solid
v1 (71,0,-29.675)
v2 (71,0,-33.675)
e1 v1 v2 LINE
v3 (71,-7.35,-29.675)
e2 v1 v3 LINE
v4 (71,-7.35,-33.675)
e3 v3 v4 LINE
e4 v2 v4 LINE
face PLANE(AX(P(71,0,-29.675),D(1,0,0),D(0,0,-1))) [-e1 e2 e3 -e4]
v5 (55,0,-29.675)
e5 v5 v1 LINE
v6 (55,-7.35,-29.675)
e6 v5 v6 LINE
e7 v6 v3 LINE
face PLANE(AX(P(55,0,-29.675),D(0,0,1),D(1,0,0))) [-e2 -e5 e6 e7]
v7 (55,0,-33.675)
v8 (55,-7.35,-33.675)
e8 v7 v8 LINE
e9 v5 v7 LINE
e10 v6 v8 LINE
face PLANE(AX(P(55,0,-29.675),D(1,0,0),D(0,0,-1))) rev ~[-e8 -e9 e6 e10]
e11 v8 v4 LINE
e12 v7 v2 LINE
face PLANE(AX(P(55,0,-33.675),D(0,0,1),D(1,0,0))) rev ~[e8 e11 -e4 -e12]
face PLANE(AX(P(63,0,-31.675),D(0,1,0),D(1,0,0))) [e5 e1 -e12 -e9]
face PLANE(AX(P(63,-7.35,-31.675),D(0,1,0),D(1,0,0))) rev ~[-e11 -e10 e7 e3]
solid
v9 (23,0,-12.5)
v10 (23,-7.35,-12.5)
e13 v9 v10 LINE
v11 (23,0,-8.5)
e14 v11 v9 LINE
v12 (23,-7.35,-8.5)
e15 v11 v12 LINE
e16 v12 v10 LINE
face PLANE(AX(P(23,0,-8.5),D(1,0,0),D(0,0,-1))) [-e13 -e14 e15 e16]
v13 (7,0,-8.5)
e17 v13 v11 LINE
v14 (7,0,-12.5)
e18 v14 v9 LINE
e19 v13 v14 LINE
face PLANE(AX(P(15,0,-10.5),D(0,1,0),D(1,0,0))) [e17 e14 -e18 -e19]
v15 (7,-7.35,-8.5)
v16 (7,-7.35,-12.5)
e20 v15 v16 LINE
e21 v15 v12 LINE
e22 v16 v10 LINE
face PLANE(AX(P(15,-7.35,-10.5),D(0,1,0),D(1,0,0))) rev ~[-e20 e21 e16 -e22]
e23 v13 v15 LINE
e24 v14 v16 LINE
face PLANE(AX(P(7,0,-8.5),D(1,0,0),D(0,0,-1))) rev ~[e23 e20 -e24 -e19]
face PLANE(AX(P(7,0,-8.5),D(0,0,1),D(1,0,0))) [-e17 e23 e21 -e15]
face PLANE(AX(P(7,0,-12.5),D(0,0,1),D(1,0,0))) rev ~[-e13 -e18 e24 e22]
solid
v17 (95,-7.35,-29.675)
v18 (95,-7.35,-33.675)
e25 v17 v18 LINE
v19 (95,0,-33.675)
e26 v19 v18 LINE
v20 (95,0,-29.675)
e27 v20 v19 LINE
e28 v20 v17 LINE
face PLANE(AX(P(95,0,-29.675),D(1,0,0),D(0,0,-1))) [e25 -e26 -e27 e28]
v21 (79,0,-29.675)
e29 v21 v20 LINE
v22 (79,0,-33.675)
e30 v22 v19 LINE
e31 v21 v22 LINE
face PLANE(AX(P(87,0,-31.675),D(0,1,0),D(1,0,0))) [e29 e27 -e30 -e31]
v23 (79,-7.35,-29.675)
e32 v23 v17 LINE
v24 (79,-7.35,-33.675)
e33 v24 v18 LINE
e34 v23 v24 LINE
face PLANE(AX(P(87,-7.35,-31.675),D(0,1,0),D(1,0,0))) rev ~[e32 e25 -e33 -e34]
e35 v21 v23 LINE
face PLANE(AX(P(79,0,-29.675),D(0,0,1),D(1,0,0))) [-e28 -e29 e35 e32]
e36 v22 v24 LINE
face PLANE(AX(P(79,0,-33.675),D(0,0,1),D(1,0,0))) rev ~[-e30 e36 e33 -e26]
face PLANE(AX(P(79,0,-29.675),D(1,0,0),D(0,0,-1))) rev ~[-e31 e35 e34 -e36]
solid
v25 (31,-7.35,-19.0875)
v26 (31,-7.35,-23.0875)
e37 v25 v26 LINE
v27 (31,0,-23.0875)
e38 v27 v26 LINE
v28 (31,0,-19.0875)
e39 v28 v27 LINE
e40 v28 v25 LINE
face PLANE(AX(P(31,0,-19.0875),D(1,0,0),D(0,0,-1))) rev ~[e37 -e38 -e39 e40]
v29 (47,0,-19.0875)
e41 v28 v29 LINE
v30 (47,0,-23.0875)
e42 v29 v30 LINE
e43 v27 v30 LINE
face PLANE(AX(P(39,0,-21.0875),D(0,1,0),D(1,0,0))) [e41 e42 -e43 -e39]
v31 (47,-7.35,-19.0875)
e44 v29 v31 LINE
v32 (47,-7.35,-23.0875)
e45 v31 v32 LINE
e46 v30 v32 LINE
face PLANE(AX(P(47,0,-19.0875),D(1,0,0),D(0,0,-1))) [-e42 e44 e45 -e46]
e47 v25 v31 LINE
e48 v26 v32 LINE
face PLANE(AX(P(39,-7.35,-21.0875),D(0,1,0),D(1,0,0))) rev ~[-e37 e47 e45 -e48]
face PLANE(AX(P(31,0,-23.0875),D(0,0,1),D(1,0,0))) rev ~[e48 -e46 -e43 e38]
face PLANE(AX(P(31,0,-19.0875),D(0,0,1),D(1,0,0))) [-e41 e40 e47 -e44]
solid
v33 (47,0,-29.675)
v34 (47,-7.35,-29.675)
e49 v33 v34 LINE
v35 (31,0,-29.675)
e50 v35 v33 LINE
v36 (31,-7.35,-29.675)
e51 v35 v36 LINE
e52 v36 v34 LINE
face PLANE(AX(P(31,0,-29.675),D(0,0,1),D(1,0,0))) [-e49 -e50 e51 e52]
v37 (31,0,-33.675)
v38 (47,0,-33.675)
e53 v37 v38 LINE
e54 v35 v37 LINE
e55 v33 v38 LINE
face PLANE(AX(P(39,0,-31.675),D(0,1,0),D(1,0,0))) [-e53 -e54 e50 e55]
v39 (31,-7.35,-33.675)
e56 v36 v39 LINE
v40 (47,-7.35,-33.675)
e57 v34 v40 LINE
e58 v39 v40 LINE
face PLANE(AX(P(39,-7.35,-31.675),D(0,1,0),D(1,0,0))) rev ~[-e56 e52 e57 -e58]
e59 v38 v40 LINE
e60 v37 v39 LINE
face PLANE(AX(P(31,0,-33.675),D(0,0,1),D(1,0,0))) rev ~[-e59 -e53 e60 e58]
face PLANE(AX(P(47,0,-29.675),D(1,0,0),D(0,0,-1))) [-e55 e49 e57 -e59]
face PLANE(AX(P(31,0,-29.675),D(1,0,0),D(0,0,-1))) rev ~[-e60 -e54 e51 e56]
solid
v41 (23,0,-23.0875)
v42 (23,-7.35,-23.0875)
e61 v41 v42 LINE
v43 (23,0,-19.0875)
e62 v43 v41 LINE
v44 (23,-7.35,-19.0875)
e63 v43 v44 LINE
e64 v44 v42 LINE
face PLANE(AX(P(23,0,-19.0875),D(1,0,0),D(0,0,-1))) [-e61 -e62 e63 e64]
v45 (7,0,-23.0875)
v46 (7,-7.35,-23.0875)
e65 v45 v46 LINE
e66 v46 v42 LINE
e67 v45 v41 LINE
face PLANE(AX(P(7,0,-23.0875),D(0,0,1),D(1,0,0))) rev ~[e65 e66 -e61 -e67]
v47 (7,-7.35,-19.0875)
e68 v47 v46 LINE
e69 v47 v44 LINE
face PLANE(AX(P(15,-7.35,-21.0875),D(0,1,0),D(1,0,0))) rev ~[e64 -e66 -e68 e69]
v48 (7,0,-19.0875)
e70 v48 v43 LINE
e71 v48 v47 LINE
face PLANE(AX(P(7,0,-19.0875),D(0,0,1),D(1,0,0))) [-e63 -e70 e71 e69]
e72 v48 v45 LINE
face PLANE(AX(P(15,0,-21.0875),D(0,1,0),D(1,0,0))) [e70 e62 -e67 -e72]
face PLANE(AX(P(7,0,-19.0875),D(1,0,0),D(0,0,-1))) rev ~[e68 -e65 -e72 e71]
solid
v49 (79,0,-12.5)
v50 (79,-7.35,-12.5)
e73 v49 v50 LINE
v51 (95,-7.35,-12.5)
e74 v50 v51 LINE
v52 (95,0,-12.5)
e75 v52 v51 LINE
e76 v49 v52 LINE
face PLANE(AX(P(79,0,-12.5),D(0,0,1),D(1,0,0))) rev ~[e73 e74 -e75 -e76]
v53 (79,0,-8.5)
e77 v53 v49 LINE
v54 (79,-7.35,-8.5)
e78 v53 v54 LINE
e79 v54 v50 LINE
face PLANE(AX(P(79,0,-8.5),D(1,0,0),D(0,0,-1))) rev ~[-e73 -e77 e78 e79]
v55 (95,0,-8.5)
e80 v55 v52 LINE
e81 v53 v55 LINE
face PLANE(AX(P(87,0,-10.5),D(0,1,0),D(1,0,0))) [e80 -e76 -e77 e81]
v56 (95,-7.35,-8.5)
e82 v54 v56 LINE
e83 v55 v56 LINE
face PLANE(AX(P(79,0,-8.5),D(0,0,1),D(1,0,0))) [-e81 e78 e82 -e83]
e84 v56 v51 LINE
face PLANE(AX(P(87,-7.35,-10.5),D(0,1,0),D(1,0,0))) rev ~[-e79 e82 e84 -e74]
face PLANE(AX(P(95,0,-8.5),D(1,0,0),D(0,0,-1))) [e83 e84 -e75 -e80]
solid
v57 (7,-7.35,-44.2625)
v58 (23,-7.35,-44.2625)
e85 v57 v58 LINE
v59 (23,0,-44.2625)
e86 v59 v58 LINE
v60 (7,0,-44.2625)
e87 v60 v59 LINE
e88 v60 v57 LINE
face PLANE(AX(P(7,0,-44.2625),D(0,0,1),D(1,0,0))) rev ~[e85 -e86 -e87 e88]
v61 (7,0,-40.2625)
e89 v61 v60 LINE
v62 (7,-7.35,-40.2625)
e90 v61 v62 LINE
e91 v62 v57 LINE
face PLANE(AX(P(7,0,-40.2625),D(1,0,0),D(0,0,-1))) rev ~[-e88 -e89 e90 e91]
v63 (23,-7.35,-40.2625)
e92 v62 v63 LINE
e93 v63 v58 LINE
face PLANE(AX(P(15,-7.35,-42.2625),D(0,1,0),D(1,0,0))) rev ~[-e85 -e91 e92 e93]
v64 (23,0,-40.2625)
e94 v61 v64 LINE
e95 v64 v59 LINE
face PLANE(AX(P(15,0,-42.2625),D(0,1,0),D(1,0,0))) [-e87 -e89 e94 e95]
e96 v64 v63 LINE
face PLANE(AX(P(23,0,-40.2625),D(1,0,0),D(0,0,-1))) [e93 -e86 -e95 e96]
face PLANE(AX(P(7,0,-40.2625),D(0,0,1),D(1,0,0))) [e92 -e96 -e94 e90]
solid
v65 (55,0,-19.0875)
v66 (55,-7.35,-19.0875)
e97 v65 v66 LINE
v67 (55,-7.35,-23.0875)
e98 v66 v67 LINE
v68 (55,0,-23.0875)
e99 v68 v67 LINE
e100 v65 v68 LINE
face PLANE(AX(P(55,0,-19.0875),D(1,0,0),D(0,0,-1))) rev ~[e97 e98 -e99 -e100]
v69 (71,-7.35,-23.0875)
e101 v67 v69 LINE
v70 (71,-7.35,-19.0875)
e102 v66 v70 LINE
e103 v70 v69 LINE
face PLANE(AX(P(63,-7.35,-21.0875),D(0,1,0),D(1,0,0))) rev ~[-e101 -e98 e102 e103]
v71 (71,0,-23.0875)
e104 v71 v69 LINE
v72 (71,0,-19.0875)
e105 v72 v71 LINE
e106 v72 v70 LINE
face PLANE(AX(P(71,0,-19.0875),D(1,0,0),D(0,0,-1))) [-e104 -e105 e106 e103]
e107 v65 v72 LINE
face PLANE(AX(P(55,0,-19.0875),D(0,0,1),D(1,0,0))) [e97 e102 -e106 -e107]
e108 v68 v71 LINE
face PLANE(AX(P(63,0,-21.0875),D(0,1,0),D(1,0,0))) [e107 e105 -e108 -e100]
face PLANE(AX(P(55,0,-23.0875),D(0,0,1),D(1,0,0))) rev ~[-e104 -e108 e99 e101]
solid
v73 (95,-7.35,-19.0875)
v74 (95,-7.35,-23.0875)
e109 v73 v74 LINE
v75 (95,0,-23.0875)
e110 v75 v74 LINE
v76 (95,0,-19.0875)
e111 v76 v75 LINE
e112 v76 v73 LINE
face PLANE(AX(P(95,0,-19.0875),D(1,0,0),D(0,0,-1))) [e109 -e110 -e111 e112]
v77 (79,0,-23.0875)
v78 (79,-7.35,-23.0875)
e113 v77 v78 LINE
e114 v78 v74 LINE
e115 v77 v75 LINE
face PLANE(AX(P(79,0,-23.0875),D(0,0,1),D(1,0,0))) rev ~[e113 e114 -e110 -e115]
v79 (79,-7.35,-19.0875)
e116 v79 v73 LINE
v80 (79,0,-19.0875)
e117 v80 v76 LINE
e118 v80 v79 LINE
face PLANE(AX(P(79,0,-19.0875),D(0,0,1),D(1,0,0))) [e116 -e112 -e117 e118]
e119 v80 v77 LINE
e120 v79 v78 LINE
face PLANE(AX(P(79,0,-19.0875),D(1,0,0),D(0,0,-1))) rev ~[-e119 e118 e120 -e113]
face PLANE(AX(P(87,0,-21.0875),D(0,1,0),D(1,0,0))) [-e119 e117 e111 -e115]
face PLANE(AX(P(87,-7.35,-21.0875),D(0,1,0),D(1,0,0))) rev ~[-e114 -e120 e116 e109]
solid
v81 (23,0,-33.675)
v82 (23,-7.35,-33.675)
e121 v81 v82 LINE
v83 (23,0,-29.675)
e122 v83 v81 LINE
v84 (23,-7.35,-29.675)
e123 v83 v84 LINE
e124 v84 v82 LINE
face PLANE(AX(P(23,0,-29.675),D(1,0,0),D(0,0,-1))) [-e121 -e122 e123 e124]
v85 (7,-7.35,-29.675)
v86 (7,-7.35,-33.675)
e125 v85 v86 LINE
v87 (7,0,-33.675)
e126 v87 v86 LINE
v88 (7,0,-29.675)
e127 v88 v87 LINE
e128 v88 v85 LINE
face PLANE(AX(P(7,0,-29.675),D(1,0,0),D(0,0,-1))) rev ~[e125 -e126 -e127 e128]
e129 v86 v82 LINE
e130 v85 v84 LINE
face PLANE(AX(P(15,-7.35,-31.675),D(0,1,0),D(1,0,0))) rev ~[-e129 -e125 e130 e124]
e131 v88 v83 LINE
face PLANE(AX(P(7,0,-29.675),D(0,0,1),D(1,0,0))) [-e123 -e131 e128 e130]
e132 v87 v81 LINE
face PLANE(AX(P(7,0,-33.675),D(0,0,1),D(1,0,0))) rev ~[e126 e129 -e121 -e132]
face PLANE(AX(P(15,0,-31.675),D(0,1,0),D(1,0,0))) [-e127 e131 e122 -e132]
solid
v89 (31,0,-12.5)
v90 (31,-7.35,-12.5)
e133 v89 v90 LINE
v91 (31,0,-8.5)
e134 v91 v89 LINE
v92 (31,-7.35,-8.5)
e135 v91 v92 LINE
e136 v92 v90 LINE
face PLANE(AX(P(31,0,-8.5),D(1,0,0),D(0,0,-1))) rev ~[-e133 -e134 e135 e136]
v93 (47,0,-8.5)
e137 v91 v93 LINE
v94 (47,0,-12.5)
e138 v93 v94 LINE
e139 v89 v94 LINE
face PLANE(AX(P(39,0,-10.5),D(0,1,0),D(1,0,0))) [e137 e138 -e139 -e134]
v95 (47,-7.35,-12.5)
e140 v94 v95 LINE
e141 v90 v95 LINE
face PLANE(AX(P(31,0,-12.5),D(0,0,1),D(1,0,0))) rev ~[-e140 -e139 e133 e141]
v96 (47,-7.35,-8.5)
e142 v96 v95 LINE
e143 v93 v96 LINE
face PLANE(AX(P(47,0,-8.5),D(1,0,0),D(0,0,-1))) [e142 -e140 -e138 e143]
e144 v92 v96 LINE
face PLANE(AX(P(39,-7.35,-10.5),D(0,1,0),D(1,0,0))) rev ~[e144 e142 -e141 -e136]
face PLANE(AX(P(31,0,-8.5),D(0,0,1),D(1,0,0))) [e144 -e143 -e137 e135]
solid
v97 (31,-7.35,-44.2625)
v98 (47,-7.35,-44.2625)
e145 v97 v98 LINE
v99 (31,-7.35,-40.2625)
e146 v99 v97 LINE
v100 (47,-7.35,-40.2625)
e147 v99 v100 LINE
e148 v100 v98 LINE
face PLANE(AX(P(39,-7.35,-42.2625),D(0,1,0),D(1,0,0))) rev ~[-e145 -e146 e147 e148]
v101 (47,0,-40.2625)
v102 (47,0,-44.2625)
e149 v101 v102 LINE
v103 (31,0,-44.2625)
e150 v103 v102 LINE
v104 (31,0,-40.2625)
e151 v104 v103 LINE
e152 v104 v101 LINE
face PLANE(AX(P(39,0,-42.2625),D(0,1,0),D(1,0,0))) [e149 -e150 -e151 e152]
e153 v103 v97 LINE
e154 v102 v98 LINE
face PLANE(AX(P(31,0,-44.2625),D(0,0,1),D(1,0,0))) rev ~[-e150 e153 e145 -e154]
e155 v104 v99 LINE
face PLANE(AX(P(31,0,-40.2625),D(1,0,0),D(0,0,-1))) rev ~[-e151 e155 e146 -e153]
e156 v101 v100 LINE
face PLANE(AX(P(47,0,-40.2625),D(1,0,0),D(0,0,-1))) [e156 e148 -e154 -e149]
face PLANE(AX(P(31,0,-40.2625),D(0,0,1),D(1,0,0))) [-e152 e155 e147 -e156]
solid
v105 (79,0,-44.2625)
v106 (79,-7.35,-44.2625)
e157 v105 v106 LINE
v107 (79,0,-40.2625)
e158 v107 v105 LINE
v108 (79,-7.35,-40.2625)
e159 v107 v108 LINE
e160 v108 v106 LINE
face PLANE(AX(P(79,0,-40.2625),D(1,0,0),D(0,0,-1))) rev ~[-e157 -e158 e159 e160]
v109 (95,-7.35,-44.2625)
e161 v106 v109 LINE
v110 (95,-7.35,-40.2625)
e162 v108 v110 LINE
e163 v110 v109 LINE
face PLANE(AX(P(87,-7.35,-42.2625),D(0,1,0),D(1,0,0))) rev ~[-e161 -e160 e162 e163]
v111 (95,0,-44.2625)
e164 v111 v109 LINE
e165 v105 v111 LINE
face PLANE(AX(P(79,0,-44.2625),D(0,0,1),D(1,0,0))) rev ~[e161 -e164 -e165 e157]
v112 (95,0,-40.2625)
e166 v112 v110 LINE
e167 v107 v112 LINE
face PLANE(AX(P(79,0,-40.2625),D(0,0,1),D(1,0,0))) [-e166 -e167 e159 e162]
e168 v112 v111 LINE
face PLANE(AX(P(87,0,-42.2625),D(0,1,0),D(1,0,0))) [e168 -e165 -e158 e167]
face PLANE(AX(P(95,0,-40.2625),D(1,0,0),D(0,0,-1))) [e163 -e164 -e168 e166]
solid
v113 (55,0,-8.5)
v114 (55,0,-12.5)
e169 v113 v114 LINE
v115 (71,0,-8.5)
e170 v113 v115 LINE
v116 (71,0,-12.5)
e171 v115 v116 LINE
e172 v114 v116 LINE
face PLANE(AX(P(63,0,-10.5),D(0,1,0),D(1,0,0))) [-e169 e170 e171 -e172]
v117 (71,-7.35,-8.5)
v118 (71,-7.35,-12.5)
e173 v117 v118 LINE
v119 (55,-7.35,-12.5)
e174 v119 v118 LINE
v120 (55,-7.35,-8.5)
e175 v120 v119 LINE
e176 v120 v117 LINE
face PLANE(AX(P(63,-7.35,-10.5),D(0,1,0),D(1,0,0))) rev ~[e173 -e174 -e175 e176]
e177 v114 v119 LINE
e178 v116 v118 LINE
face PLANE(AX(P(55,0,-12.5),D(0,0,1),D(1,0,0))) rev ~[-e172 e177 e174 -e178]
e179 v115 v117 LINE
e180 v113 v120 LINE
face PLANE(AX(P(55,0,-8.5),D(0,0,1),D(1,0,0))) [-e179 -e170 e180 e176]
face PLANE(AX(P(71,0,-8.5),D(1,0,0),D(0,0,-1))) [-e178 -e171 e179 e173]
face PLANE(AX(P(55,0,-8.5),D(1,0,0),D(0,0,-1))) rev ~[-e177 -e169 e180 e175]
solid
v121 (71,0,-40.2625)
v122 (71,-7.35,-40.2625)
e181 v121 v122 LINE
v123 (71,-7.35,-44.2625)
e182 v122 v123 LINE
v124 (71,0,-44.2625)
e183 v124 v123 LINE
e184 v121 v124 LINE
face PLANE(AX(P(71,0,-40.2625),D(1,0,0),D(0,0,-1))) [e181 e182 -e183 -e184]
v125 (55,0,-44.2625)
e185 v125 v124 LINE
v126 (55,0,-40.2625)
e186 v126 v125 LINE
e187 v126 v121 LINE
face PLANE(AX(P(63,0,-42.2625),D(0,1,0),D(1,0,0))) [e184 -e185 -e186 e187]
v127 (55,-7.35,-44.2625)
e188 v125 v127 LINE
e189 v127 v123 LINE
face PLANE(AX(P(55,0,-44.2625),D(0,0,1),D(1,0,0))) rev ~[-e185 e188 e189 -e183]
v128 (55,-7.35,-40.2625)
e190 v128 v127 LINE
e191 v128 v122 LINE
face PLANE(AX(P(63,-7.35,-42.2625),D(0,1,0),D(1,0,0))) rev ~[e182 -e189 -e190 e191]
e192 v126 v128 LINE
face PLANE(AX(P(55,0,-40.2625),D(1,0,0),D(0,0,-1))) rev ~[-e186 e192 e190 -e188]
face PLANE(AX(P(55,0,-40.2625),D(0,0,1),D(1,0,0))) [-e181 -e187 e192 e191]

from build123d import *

# Parameters (mm, degrees)
SKETCH1_W              = 16
SKETCH1_H              = 4
BOSS_EXTRUDE1_DEPTH    = 7.35
BOSS_EXTRUDE1_2_DEPTH  = 7.35
BOSS_EXTRUDE1_3_DEPTH  = 7.35
BOSS_EXTRUDE1_4_DEPTH  = 7.35
BOSS_EXTRUDE1_5_DEPTH  = 7.35
BOSS_EXTRUDE1_6_DEPTH  = 7.35
BOSS_EXTRUDE1_7_DEPTH  = 7.35
BOSS_EXTRUDE1_8_DEPTH  = 7.35
BOSS_EXTRUDE1_9_DEPTH  = 7.35
BOSS_EXTRUDE1_10_DEPTH = 7.35
BOSS_EXTRUDE1_11_DEPTH = 7.35
BOSS_EXTRUDE1_12_DEPTH = 7.35
BOSS_EXTRUDE1_13_DEPTH = 7.35
BOSS_EXTRUDE1_14_DEPTH = 7.35
BOSS_EXTRUDE1_15_DEPTH = 7.35
BOSS_EXTRUDE1_16_DEPTH = 7.35


with BuildPart() as part:
    # Sketch1 → Boss-Extrude1 (new body)
    with BuildSketch(Plane(origin=(0, 0, 0), x_dir=(1, 0, 0), z_dir=(0, 1, 0))):
        with Locations((39, 10.5)):
            Rectangle(SKETCH1_W, SKETCH1_H)
    extrude(amount=-BOSS_EXTRUDE1_DEPTH)


with BuildPart() as body_2:
    # Sketch1 → Boss-Extrude1 2 (new body)
    with BuildSketch(Plane(origin=(0, 0, 0), x_dir=(1, 0, 0), z_dir=(0, 1, 0))):
        with Locations((15, 10.5)):
            Rectangle(SKETCH1_W, SKETCH1_H)
    extrude(amount=-BOSS_EXTRUDE1_2_DEPTH)


with BuildPart() as body_3:
    # Sketch1 → Boss-Extrude1 3 (new body)
    with BuildSketch(Plane(origin=(0, 0, 0), x_dir=(1, 0, 0), z_dir=(0, 1, 0))):
        with Locations((63, 10.5)):
            Rectangle(SKETCH1_W, SKETCH1_H)
    extrude(amount=-BOSS_EXTRUDE1_3_DEPTH)


with BuildPart() as body_4:
    # Sketch1 → Boss-Extrude1 4 (new body)
    with BuildSketch(Plane(origin=(0, 0, 0), x_dir=(1, 0, 0), z_dir=(0, 1, 0))):
        with Locations((87, 10.5)):
            Rectangle(SKETCH1_W, SKETCH1_H)
    extrude(amount=-BOSS_EXTRUDE1_4_DEPTH)


with BuildPart() as body_5:
    # Sketch1 → Boss-Extrude1 5 (new body)
    with BuildSketch(Plane(origin=(0, 0, 0), x_dir=(1, 0, 0), z_dir=(0, 1, 0))):
        with Locations((15, 21.0875)):
            Rectangle(SKETCH1_W, SKETCH1_H)
    extrude(amount=-BOSS_EXTRUDE1_5_DEPTH)


with BuildPart() as body_6:
    # Sketch1 → Boss-Extrude1 6 (new body)
    with BuildSketch(Plane(origin=(0, 0, 0), x_dir=(1, 0, 0), z_dir=(0, 1, 0))):
        with Locations((39, 21.0875)):
            Rectangle(SKETCH1_W, SKETCH1_H)
    extrude(amount=-BOSS_EXTRUDE1_6_DEPTH)


with BuildPart() as body_7:
    # Sketch1 → Boss-Extrude1 7 (new body)
    with BuildSketch(Plane(origin=(0, 0, 0), x_dir=(1, 0, 0), z_dir=(0, 1, 0))):
        with Locations((63, 21.0875)):
            Rectangle(SKETCH1_W, SKETCH1_H)
    extrude(amount=-BOSS_EXTRUDE1_7_DEPTH)


with BuildPart() as body_8:
    # Sketch1 → Boss-Extrude1 8 (new body)
    with BuildSketch(Plane(origin=(0, 0, 0), x_dir=(1, 0, 0), z_dir=(0, 1, 0))):
        with Locations((87, 21.0875)):
            Rectangle(SKETCH1_W, SKETCH1_H)
    extrude(amount=-BOSS_EXTRUDE1_8_DEPTH)


with BuildPart() as body_9:
    # Sketch1 → Boss-Extrude1 9 (new body)
    with BuildSketch(Plane(origin=(0, 0, 0), x_dir=(1, 0, 0), z_dir=(0, 1, 0))):
        with Locations((15, 31.675)):
            Rectangle(SKETCH1_W, SKETCH1_H)
    extrude(amount=-BOSS_EXTRUDE1_9_DEPTH)


with BuildPart() as body_10:
    # Sketch1 → Boss-Extrude1 10 (new body)
    with BuildSketch(Plane(origin=(0, 0, 0), x_dir=(1, 0, 0), z_dir=(0, 1, 0))):
        with Locations((39, 31.675)):
            Rectangle(SKETCH1_W, SKETCH1_H)
    extrude(amount=-BOSS_EXTRUDE1_10_DEPTH)


with BuildPart() as body_11:
    # Sketch1 → Boss-Extrude1 11 (new body)
    with BuildSketch(Plane(origin=(0, 0, 0), x_dir=(1, 0, 0), z_dir=(0, 1, 0))):
        with Locations((63, 31.675)):
            Rectangle(SKETCH1_W, SKETCH1_H)
    extrude(amount=-BOSS_EXTRUDE1_11_DEPTH)


with BuildPart() as body_12:
    # Sketch1 → Boss-Extrude1 12 (new body)
    with BuildSketch(Plane(origin=(0, 0, 0), x_dir=(1, 0, 0), z_dir=(0, 1, 0))):
        with Locations((87, 31.675)):
            Rectangle(SKETCH1_W, SKETCH1_H)
    extrude(amount=-BOSS_EXTRUDE1_12_DEPTH)


with BuildPart() as body_13:
    # Sketch1 → Boss-Extrude1 13 (new body)
    with BuildSketch(Plane(origin=(0, 0, 0), x_dir=(1, 0, 0), z_dir=(0, 1, 0))):
        with Locations((15, 42.2625)):
            Rectangle(SKETCH1_W, SKETCH1_H)
    extrude(amount=-BOSS_EXTRUDE1_13_DEPTH)


with BuildPart() as body_14:
    # Sketch1 → Boss-Extrude1 14 (new body)
    with BuildSketch(Plane(origin=(0, 0, 0), x_dir=(1, 0, 0), z_dir=(0, 1, 0))):
        with Locations((39, 42.2625)):
            Rectangle(SKETCH1_W, SKETCH1_H)
    extrude(amount=-BOSS_EXTRUDE1_14_DEPTH)


with BuildPart() as body_15:
    # Sketch1 → Boss-Extrude1 15 (new body)
    with BuildSketch(Plane(origin=(0, 0, 0), x_dir=(1, 0, 0), z_dir=(0, 1, 0))):
        with Locations((63, 42.2625)):
            Rectangle(SKETCH1_W, SKETCH1_H)
    extrude(amount=-BOSS_EXTRUDE1_15_DEPTH)


with BuildPart() as body_16:
    # Sketch1 → Boss-Extrude1 16 (new body)
    with BuildSketch(Plane(origin=(0, 0, 0), x_dir=(1, 0, 0), z_dir=(0, 1, 0))):
        with Locations((87, 42.2625)):
            Rectangle(SKETCH1_W, SKETCH1_H)
    extrude(amount=-BOSS_EXTRUDE1_16_DEPTH)


solid = Compound([part.part, body_2.part, body_3.part, body_4.part, body_5.part, body_6.part, body_7.part, body_8.part, body_9.part, body_10.part, body_11.part, body_12.part, body_13.part, body_14.part, body_15.part, body_16.part])
